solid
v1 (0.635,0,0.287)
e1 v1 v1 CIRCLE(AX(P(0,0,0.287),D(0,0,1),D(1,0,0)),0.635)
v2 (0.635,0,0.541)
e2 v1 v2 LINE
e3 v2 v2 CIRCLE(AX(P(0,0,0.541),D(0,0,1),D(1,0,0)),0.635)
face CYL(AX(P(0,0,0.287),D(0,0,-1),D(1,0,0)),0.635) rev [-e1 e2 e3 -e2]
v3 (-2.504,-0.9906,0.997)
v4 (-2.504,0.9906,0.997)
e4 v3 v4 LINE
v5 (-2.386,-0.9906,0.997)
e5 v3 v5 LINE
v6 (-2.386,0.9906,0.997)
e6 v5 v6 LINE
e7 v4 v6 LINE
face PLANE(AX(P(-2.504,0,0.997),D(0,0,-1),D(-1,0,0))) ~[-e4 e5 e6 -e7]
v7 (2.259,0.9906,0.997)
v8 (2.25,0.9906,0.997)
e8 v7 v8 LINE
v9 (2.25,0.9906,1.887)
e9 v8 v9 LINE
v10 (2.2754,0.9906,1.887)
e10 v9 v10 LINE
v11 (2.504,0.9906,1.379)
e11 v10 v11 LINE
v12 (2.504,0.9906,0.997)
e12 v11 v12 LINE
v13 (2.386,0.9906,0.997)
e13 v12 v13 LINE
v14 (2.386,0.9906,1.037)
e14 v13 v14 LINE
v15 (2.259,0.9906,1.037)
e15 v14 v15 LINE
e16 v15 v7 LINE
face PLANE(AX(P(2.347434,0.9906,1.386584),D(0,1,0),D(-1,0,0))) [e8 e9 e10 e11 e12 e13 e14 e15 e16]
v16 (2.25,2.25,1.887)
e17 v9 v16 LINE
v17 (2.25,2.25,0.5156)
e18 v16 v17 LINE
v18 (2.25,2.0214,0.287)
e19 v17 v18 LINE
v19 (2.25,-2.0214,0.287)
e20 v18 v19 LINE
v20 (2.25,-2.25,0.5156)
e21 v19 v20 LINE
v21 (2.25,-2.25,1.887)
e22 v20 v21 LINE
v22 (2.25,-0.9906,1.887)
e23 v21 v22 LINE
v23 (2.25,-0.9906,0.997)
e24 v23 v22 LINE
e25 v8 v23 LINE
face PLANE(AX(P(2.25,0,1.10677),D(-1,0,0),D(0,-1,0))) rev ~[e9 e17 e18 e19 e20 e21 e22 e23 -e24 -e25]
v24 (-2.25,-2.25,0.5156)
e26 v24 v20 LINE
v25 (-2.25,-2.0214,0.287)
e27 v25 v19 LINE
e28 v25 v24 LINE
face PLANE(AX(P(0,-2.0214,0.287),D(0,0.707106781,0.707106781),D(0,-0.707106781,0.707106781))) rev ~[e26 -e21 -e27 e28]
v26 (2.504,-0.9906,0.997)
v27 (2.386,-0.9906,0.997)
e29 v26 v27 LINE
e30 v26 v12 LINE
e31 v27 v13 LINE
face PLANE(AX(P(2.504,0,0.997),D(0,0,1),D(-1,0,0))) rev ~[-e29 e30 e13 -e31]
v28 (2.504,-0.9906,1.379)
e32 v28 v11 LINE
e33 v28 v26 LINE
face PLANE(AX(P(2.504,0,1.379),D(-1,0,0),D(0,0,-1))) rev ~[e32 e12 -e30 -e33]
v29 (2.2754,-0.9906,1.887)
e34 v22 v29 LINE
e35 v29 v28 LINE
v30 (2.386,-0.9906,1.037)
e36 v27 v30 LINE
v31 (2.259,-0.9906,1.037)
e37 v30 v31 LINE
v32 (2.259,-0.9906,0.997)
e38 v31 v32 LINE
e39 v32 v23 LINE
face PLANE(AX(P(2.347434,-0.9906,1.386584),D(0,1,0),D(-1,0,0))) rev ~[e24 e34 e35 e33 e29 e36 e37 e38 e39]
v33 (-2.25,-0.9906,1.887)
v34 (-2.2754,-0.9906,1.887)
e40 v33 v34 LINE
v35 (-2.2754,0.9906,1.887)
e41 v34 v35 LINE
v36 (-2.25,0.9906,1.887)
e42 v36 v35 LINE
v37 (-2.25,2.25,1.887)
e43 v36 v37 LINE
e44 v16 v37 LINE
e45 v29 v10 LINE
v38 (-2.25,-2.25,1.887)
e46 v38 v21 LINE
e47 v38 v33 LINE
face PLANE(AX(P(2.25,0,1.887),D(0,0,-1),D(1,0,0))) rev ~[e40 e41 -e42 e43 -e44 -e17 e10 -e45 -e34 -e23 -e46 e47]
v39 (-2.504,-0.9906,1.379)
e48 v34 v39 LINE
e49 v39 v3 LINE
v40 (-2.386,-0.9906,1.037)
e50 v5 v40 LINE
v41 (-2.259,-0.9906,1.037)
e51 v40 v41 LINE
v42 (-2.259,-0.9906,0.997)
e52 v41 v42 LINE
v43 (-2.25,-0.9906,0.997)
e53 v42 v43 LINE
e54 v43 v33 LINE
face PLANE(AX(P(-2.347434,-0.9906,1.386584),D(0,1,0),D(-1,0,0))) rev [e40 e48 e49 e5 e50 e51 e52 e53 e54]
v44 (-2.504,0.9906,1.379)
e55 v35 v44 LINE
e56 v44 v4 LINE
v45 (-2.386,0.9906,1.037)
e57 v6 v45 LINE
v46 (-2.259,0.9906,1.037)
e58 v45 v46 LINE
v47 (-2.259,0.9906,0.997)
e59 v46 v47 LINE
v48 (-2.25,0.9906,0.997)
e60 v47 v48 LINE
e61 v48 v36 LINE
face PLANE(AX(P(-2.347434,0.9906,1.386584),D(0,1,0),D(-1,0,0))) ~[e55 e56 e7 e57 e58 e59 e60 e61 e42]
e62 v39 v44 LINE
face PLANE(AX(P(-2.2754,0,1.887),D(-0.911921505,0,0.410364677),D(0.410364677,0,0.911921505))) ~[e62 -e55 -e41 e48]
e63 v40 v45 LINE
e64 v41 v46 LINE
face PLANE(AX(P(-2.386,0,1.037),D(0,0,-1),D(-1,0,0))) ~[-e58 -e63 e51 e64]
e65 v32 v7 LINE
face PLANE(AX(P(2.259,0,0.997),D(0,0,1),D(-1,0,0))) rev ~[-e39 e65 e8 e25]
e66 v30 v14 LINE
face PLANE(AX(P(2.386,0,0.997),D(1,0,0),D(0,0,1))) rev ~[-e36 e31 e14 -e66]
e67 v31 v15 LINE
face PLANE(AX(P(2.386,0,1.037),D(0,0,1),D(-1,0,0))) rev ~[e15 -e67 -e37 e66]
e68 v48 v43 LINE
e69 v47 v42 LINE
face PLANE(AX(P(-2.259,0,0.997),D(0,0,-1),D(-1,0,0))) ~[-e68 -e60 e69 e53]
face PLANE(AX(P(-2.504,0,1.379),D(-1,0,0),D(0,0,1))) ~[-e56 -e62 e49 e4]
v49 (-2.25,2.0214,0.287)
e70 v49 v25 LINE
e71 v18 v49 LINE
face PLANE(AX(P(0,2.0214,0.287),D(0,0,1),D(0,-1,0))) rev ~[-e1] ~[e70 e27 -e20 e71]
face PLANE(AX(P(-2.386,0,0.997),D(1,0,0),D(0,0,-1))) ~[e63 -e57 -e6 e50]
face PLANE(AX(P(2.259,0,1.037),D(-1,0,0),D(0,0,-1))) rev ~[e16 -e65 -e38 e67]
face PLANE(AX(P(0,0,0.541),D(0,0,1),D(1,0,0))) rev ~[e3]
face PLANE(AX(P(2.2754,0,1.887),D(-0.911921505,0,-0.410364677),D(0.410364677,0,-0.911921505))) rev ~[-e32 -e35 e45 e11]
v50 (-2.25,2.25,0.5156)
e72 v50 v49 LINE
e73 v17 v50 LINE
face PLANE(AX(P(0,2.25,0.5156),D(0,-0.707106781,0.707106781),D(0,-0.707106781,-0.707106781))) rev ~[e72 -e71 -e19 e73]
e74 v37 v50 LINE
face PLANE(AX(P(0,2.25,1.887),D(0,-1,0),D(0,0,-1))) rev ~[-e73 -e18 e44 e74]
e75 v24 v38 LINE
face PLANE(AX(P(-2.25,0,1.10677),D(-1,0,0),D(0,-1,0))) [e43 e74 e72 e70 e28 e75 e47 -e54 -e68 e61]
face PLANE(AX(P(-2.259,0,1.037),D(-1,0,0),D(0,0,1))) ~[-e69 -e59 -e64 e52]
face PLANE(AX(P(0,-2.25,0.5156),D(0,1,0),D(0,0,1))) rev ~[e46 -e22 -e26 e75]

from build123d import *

# Parameters (mm, degrees)
PAD_DEPTH         = 2.25
PAD_DEPTH_BACK    = 2.25
PAD001_DEPTH      = 0.9906
PAD001_DEPTH_BACK = 0.9906
SKETCH002_R       = 0.635
POCKET_DEPTH      = 0.254


with BuildPart() as part:
    # Sketch001 → Pad (new body, two sides)
    with BuildSketch(Plane.YZ) as pad_sk:
        Polygon((-2.25, 1.6), (2.25, 1.6), (2.25, 0.2286), (2.0214, 0), (-2.0214, 0), (-2.25, 0.2286), align=None)
    extrude(amount=PAD_DEPTH)
    extrude(pad_sk.sketch, amount=-PAD_DEPTH_BACK)

    # Sketch → Pad001 (join, two sides)
    with BuildSketch(Plane.XZ) as pad001_sk:
        Polygon((2.25, 1.6), (2.2754, 1.6), (2.504, 1.092), (2.504, 0.71), (2.386, 0.71), (2.386, 0.75), (2.259, 0.75), (2.259, 0.71), (2.25, 0.71), align=None)
    pad001 = extrude(amount=PAD001_DEPTH) + extrude(pad001_sk.sketch, amount=-PAD001_DEPTH_BACK)

    # Mirrored: Pad001 across Sketch V_Axis
    add(pad001.mirror(Plane(origin=(0, 0, 0), x_dir=(0, -1, 0), z_dir=(1, 0, 0))))

    # Sketch002 → Pocket (cut)
    with BuildSketch(Plane.XY):
        Circle(SKETCH002_R)
    extrude(amount=POCKET_DEPTH, mode=Mode.SUBTRACT)


with BuildPart() as part_1:
    # Body placement: moved
    add(part.part.moved(Location((0, 0, 0.287))))


solid = part_1.part
